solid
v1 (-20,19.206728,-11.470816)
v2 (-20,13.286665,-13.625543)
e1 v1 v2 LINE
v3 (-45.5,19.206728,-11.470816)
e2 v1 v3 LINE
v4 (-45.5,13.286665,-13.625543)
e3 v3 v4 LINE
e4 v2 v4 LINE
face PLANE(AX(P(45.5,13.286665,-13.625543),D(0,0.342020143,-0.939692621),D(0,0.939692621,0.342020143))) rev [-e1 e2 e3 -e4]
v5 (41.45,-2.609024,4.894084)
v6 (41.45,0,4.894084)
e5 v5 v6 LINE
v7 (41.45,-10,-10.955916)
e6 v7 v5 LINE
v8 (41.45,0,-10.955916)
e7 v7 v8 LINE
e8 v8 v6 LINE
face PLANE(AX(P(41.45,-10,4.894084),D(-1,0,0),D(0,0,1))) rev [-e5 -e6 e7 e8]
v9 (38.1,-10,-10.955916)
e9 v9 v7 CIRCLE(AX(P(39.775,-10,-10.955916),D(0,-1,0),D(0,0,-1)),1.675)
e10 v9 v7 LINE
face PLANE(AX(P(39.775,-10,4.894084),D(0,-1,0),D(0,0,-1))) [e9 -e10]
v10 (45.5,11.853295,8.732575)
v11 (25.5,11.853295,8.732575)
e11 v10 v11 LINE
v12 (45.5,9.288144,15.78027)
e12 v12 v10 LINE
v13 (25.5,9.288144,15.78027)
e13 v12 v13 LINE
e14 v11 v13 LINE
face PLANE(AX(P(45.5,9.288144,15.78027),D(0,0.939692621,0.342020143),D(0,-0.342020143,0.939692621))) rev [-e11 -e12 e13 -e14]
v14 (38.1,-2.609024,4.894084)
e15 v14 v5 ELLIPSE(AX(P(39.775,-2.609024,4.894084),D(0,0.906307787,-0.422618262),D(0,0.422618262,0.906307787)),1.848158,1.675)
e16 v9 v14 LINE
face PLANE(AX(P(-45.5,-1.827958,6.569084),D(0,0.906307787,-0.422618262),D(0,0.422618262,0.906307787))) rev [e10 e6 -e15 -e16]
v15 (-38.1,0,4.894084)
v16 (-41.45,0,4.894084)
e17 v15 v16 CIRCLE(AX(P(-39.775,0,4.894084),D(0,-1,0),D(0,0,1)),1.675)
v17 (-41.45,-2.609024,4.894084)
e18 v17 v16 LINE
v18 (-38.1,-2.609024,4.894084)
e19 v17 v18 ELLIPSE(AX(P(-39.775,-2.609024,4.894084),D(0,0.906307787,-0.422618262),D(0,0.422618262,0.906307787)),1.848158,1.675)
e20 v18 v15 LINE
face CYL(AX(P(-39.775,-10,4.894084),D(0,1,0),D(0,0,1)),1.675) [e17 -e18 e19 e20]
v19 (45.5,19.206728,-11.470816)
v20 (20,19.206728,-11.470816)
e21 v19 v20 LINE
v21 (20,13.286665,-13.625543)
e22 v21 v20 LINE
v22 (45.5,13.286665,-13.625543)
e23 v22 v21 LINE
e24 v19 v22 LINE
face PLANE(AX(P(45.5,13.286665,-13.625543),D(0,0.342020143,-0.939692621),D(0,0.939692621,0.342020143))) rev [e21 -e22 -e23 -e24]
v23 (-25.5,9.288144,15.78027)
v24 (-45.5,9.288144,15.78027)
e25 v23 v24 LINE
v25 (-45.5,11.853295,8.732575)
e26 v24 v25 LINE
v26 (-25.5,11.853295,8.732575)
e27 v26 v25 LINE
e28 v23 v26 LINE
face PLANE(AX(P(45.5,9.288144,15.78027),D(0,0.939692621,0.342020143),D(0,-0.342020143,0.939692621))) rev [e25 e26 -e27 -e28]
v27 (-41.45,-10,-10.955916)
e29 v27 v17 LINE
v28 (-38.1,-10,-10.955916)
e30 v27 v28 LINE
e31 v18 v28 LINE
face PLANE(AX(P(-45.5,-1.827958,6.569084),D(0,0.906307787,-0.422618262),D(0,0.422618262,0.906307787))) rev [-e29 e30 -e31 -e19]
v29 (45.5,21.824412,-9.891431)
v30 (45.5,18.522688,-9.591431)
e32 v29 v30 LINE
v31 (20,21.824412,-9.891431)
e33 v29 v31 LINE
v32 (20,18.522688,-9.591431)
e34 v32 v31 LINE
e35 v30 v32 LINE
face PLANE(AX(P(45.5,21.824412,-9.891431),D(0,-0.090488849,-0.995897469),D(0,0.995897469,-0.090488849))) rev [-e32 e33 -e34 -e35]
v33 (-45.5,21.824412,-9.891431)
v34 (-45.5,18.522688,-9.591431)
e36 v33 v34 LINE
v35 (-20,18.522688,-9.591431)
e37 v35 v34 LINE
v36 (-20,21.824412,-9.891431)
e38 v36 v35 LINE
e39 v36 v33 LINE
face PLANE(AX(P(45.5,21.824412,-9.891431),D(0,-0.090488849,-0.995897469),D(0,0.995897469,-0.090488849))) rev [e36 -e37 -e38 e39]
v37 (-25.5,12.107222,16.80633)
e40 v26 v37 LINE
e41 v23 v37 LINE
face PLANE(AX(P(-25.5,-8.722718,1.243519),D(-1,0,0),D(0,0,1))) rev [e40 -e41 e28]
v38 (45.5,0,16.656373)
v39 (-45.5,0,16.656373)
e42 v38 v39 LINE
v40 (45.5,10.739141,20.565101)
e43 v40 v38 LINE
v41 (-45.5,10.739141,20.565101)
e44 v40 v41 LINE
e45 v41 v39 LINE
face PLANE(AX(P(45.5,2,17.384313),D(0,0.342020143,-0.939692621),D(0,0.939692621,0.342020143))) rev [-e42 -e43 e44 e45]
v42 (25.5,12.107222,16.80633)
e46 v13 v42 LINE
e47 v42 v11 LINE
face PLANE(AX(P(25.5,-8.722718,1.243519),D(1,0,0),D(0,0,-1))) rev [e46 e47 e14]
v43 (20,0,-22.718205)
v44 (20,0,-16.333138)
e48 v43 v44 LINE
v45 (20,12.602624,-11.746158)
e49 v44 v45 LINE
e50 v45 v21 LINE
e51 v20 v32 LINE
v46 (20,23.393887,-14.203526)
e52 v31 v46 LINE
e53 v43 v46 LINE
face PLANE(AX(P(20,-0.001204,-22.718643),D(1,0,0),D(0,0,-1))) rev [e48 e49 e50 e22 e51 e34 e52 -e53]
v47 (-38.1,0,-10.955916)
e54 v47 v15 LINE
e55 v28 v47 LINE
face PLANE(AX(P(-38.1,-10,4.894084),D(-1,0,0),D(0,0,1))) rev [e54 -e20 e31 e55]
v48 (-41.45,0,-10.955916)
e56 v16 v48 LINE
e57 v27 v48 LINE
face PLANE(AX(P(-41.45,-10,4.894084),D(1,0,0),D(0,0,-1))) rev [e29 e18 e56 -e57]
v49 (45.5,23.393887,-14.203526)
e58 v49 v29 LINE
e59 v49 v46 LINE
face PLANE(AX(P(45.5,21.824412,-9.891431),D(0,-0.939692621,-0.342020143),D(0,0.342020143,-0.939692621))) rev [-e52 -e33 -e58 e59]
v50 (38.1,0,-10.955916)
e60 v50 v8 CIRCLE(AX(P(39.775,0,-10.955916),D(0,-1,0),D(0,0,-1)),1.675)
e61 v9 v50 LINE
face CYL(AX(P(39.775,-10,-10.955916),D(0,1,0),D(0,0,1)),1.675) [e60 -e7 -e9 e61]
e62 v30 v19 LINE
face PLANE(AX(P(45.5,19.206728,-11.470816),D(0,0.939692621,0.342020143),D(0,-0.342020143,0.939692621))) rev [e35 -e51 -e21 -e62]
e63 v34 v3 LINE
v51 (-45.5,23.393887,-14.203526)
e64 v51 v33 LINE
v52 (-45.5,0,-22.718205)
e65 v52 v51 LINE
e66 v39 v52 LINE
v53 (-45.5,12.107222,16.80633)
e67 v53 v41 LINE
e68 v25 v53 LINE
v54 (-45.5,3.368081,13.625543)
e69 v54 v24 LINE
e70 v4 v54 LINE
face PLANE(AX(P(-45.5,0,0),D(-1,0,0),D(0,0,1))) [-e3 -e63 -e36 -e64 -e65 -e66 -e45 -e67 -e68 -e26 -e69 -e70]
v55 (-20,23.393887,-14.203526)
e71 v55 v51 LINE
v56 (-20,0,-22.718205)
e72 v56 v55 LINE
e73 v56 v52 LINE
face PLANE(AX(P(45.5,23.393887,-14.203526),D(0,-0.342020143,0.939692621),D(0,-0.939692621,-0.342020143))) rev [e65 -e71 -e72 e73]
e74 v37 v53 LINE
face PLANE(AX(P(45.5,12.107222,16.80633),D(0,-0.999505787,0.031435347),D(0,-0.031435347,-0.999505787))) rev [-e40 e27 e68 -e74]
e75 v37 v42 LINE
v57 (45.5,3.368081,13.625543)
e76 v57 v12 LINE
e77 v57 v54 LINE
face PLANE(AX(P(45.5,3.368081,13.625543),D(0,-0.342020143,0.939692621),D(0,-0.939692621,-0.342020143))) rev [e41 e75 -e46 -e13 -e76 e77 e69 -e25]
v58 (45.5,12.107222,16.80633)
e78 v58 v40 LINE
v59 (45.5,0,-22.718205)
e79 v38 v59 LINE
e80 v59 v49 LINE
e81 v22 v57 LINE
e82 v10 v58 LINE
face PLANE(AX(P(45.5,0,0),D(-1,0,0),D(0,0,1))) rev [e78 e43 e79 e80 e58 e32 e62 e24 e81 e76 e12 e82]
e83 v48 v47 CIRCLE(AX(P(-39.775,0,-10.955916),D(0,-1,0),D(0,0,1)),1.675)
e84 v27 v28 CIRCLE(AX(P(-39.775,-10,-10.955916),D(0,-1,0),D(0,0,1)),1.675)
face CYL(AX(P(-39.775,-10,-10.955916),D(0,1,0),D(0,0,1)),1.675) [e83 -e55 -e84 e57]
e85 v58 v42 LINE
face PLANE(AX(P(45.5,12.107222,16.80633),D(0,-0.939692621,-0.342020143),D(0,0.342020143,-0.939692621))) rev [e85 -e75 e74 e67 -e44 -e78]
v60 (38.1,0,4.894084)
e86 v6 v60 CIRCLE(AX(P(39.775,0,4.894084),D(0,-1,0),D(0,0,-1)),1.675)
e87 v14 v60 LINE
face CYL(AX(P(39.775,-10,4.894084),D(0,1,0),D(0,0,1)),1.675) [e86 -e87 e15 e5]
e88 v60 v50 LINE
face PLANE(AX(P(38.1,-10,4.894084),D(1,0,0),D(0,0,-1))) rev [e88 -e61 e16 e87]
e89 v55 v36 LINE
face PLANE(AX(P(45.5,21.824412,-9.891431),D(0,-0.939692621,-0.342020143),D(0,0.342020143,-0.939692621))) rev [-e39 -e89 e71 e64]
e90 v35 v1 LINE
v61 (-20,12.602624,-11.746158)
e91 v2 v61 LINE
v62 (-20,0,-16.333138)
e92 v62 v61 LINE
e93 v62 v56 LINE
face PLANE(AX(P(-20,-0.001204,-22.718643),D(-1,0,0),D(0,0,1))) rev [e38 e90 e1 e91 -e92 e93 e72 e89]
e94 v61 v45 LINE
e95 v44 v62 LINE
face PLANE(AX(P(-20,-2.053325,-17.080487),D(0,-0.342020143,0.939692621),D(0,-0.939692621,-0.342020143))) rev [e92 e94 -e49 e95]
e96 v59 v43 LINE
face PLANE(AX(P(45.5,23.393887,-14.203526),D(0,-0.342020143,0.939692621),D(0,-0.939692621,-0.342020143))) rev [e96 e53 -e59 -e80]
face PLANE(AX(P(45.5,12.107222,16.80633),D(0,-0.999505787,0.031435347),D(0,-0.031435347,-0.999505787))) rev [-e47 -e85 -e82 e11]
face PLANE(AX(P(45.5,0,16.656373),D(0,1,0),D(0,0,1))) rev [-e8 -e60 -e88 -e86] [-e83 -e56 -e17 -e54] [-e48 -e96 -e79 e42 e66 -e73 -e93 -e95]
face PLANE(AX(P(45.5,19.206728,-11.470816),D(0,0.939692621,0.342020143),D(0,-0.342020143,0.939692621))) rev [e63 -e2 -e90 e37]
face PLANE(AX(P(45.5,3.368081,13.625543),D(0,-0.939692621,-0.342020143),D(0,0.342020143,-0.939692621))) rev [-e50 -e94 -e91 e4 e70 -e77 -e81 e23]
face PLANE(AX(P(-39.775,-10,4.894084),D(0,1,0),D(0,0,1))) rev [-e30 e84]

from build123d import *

# Parameters (mm, degrees)
BOSS_EXTRUDE1_DEPTH = 45.5
CUT_EXTRUDE1_REACH  = 58.087
SKETCH3_W           = 51
SKETCH3_H           = 7.5
SKETCH3_W_2         = 40
SKETCH3_H_2         = 6
BOSS_EXTRUDE2_DEPTH = 10
CUT_EXTRUDE3_DEPTH  = 93.863842547


with BuildPart() as part:
    # Sketch2 → Boss-Extrude1 (new, symmetric)
    with BuildSketch(Plane(origin=(0, 0, 0), x_dir=(0, 0, -1), z_dir=(1, 0, 0))):
        Polygon((-13.625543001, 3.368080573), (-15.780269904, 9.288144084), (-8.732575248, 11.853295159), (-16.806330334, 12.107221947), (-20.565100817, 10.739141373), (-17.384313485, 2), (-16.656373016, 0), (22.718204566, 0), (17.384313485, 14.654745303), (14.203526152, 23.393886676), (9.891430857, 21.824412342), (9.591430857, 18.522687954), (11.470816098, 19.206728241), (13.625543001, 13.28666473), align=None)
    extrude(amount=BOSS_EXTRUDE1_DEPTH, both=True)

    # Sketch3 → Cut-Extrude1 (cut, up to next)
    with BuildSketch(Plane(origin=(0, 16.092396472, 5.857153314), x_dir=(1, 0, 0), z_dir=(0, 0.9396926207859102, 0.34202014332566394)), mode=Mode.PRIVATE) as cut_extrude1_sk1:
        with Locations((0, -7.901870812)):
            Rectangle(SKETCH3_W, SKETCH3_H)
    cut_extrude1_tool1 = extrude(cut_extrude1_sk1.sketch, amount=-CUT_EXTRUDE1_REACH, mode=Mode.PRIVATE) & part.part
    # Sketch3 → Cut-Extrude1 (cut, up to next)
    with BuildSketch(Plane(origin=(0, 16.092396472, 5.857153314), x_dir=(1, 0, 0), z_dir=(0, 0.9396926207859102, 0.34202014332566394)), mode=Mode.PRIVATE) as cut_extrude1_sk2:
        with Locations((0, 18.348129188)):
            Rectangle(SKETCH3_W_2, SKETCH3_H_2)
    cut_extrude1_tool2 = extrude(cut_extrude1_sk2.sketch, amount=-CUT_EXTRUDE1_REACH, mode=Mode.PRIVATE) & part.part
    add(cut_extrude1_tool1.solids().sort_by_distance((0, 13.389797, 13.282483))[0], mode=Mode.SUBTRACT)
    add(cut_extrude1_tool2.solids().sort_by_distance((0, 22.367826, -11.384448))[0], mode=Mode.SUBTRACT)

    # Sketch4 → Boss-Extrude2 (add)
    with BuildSketch(Plane.XZ):
        with BuildLine():
            Line((41.45, 4.894084225), (41.45, -10.955915775))
            ThreePointArc((41.45, -10.955915775), (39.775, -12.630915775), (38.1, -10.955915775))
            Line((38.1, -10.955915775), (38.1, 4.894084225))
            ThreePointArc((38.1, 4.894084225), (39.775, 6.569084225), (41.45, 4.894084225))
        make_face()
        with BuildLine():
            Line((-41.45, 4.894084225), (-41.45, -10.955915775))
            ThreePointArc((-41.45, -10.955915775), (-39.775, -12.630915775), (-38.1, -10.955915775))
            Line((-38.1, -10.955915775), (-38.1, 4.894084225))
            ThreePointArc((-38.1, 4.894084225), (-39.775, 6.569084225), (-41.45, 4.894084225))
        make_face()
    extrude(amount=BOSS_EXTRUDE2_DEPTH)

    # Sketch5 → Cut-Extrude3 (cut, through all)
    with BuildSketch(Plane(origin=(41.45, 0, 0), x_dir=(0, 0, -1), z_dir=(1, 0, 0))):
        Polygon((-6.569084225, -1.827958291), (10.955915775, -10), (-6.569084225, -10), align=None)
    extrude(amount=-CUT_EXTRUDE3_DEPTH, mode=Mode.SUBTRACT)


solid = part.part
